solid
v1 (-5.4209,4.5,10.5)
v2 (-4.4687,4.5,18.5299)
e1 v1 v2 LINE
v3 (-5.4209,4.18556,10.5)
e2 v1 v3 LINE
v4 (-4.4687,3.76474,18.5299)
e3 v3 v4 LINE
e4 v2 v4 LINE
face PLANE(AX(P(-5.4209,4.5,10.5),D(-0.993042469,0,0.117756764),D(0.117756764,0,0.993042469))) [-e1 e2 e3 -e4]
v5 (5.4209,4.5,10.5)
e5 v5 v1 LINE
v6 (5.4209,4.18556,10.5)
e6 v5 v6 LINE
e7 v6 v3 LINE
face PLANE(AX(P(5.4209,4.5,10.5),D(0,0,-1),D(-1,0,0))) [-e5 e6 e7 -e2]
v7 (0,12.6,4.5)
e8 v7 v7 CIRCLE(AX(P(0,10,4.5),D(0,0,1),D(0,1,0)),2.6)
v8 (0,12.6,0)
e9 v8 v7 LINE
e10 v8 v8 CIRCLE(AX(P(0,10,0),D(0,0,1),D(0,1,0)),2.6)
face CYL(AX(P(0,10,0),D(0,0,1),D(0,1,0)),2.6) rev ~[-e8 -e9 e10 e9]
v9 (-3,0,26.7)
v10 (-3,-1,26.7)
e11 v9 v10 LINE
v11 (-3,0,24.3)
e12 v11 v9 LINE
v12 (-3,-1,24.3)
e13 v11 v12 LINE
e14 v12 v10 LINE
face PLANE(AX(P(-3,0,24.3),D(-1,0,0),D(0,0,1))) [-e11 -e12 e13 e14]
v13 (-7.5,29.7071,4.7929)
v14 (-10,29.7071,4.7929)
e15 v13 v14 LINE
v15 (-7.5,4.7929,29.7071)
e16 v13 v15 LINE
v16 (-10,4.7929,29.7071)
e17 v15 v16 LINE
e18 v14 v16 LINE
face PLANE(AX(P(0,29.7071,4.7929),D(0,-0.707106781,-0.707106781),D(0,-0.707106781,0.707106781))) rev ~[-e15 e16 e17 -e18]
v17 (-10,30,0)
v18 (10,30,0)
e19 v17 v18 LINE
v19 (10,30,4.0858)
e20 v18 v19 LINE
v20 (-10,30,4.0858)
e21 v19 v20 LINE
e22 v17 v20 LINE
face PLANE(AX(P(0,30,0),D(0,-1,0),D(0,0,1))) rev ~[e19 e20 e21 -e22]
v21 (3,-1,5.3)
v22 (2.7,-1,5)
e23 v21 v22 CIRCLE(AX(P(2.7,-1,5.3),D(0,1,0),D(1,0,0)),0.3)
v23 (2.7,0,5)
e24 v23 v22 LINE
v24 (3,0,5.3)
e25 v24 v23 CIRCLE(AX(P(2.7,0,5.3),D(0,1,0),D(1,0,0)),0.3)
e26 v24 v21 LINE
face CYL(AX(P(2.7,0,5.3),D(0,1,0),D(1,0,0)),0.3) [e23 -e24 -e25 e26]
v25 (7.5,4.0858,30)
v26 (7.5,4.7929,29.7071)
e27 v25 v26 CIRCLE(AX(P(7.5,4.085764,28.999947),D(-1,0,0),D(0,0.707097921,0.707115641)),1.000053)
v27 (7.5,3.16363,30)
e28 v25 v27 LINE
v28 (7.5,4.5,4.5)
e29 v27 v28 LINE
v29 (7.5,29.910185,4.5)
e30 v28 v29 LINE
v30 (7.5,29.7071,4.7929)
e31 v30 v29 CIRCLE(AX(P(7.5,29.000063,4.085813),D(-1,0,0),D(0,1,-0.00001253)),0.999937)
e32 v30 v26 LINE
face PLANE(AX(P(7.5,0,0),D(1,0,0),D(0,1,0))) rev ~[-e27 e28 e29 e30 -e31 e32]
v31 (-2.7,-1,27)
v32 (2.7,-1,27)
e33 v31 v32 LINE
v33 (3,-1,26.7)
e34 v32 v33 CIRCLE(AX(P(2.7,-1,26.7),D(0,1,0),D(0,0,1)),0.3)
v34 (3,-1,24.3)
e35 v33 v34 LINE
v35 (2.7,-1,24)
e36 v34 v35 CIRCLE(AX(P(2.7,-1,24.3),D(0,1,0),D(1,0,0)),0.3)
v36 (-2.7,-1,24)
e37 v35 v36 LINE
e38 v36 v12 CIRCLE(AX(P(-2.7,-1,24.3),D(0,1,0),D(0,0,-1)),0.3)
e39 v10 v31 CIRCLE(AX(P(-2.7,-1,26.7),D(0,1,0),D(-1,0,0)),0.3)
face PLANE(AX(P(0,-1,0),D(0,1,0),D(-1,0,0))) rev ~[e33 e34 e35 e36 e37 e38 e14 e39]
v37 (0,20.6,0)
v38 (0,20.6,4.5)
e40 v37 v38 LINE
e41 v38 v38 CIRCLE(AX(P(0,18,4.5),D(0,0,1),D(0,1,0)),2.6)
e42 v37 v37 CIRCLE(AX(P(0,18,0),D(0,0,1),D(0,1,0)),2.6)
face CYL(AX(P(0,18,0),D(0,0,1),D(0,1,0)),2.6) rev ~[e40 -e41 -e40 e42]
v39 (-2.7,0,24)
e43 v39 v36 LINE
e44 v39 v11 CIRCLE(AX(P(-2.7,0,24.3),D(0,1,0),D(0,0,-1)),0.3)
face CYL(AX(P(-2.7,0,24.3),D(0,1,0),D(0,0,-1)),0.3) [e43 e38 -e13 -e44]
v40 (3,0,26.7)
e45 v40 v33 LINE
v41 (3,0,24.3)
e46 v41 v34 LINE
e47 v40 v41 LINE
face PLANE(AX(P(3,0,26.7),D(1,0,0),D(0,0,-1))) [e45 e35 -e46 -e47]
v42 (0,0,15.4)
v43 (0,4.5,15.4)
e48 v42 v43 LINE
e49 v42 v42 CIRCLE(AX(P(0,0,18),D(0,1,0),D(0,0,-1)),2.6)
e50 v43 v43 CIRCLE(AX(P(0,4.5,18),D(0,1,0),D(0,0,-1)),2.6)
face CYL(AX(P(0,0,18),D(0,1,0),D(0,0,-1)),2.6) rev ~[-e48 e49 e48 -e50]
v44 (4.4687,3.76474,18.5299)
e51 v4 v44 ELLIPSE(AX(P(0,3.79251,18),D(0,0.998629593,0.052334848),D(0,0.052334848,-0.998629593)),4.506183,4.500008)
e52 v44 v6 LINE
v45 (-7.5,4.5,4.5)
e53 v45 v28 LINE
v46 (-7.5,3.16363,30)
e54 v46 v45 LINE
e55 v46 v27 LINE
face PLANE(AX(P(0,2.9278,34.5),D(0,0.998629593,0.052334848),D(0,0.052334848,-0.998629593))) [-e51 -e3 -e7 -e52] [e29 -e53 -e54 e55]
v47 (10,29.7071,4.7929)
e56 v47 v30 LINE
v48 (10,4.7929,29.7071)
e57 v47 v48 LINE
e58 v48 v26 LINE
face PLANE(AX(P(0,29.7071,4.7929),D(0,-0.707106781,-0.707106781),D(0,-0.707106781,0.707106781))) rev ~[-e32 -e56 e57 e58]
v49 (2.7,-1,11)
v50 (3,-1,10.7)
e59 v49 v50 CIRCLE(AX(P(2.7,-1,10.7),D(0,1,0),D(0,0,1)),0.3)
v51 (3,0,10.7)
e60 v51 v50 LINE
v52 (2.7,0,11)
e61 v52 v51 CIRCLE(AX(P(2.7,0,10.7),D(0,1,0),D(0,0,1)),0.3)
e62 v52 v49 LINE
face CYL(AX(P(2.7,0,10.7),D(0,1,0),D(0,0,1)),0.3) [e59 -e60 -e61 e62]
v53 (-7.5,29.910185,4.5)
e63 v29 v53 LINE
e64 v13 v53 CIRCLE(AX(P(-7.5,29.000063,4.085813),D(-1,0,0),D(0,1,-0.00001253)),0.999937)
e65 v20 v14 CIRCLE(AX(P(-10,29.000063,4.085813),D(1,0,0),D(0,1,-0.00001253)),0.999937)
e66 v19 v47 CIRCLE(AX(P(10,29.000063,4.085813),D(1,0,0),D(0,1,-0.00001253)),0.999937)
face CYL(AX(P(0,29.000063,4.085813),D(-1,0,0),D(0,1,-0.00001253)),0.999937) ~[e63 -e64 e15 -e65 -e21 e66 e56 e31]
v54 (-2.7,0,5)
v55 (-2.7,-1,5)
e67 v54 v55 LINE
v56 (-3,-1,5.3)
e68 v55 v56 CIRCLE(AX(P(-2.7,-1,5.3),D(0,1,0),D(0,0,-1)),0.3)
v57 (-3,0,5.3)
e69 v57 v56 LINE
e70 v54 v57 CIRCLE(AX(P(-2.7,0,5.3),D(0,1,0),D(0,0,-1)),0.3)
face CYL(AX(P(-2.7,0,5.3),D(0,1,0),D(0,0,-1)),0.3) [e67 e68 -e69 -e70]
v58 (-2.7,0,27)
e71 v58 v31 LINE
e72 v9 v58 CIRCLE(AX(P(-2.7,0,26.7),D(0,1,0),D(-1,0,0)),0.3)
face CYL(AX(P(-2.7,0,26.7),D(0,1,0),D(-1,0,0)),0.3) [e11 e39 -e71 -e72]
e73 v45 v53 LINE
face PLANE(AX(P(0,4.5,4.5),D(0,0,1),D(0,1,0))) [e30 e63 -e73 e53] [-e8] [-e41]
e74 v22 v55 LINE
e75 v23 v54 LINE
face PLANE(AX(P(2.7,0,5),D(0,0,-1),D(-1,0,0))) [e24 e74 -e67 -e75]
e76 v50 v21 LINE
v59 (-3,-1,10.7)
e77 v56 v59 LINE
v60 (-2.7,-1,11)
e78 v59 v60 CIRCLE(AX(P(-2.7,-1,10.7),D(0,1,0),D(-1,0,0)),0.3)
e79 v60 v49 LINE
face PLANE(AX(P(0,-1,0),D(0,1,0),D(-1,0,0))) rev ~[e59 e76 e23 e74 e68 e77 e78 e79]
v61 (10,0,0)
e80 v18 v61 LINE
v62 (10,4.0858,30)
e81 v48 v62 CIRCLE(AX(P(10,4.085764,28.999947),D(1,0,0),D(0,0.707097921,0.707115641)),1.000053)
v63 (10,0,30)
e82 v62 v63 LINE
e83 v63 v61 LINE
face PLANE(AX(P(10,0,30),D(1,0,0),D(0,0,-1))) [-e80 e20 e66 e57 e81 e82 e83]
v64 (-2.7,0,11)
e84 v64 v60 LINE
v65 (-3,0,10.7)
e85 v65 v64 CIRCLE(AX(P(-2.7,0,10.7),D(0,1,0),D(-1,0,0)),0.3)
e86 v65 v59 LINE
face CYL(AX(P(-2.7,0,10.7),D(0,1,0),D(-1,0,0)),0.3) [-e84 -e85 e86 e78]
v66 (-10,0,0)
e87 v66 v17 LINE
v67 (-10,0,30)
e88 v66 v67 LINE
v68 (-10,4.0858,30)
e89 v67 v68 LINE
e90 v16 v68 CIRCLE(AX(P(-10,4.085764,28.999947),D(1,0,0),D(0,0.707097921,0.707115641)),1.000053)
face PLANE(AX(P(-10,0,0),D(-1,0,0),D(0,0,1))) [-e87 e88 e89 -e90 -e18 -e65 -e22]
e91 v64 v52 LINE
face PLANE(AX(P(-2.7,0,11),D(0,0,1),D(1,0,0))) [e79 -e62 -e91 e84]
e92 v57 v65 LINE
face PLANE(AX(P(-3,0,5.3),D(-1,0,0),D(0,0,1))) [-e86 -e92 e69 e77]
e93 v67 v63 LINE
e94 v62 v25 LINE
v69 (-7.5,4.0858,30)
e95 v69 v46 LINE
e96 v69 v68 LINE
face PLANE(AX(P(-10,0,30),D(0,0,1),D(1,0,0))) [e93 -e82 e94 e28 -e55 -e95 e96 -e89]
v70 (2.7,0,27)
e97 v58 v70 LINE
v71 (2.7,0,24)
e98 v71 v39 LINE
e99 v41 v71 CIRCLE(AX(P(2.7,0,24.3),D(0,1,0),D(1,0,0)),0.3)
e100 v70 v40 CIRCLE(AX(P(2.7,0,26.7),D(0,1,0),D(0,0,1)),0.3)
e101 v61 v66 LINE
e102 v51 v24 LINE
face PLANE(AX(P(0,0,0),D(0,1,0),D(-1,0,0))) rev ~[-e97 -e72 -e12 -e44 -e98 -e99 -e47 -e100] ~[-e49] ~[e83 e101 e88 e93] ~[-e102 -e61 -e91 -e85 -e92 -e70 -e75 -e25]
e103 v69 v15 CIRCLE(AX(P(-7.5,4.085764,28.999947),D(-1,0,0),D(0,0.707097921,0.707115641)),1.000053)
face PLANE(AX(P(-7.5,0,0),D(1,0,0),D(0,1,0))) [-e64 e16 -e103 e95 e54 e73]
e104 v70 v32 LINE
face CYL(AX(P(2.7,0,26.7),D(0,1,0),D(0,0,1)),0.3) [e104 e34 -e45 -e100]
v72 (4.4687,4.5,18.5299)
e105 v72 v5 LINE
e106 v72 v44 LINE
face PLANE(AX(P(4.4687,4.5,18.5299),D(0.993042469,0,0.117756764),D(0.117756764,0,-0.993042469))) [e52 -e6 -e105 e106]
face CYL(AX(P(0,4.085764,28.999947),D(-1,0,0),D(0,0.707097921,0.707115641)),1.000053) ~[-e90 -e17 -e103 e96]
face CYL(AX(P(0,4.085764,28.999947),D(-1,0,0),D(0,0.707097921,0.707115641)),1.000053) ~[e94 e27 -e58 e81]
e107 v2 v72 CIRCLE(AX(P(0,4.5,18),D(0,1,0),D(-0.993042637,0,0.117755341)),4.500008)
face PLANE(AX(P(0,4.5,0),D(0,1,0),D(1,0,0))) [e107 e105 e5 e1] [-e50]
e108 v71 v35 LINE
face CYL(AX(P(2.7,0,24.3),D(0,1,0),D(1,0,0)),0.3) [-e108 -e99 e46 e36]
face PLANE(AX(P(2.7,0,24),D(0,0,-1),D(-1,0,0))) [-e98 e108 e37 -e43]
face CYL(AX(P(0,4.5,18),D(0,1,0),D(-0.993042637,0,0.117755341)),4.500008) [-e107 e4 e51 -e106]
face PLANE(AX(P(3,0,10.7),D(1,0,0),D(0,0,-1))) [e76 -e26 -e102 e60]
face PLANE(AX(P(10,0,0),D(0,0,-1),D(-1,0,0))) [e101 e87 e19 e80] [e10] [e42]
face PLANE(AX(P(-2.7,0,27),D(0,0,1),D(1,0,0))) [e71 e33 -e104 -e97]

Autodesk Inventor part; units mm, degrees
sketch "Sketch_15" plane through (0, 0, 0) normal (1, 0, 0) x (0, 1, 0)
  line L0 (0, 30) -> (0, 0)
  line L1 (0, 0) -> (30, 0)
  line L2 (30, 0) -> (30, 4.0858)
  arc A0 (30, 4.0858) -> (29.7071, 4.7929) centre (29, 4.0858) ccw
  line L3 (29.7071, 4.7929) -> (4.7929, 29.7071)
  arc A1 (4.7929, 29.7071) -> (4.0858, 30) centre (4.0858, 29) ccw
  line L4 (4.0858, 30) -> (0, 30)
extrude "Extrusion1" add sketch "Sketch_15" along normal mid plane 20
sketch "Sketch_16" plane through (0, 0, 0) normal (1, 0, 0) x (0, 1, 0)
  line L0 (2.9278, 34.5) -> (4.5, 4.5)
  line L1 (4.5, 4.5) -> (34.5, 4.5)
  line L2 (34.5, 4.5) -> (34.5, 34.5)
  line L3 (34.5, 34.5) -> (2.9278, 34.5)
extrude "Extrusion2" cut sketch "Sketch_16" along normal mid plane 15
sketch "Sketch_17" plane through (0, 4.5, 0) normal (0, 1, 0) x (1, 0, 0)
  line L0 (-5.4209, -10.5) -> (-4.4687, -18.5299)
  arc A0 (-4.4687, -18.5299) -> (4.4687, -18.5299) centre (0, -18) ccw
  line L1 (4.4687, -18.5299) -> (5.4209, -10.5)
  line L2 (5.4209, -10.5) -> (-5.4209, -10.5)
extrude "Extrusion3" add sketch "Sketch_17" against normal blind 2.25
sketch "Sketch4" plane through (10, 0, 0) normal (0, 0, -1) x (-1, 0, 0)
  point P0 (10, 18)
hole "Hole1" at (0, 18, 0) direction (0, 0, 1) diameter 5.2 depth 4.5
sketch "Sketch5" plane through (10, 0, 0) normal (0, 0, -1) x (-1, 0, 0)
  point P0 (10, 10)
hole "Hole2" at (0, 10, 0) direction (0, 0, 1) diameter 5.2 depth 4.5
sketch "Sketch6" plane through (-10, 0, 30) normal (0, -1, 0) x (1, 0, 0)
  point P0 (10, -12)
hole "Hole3" at (0, 0, 18) direction (0, 1, 0) diameter 5.2 depth 4.5
sketch "Sketch_1" plane through (0, 0, 0) normal (0, 1, 0) x (-1, 0, 0)
  line L0 (10, 0) -> (10, 30)
  line L1 (10, 30) -> (-10, 30)
  line L2 (-10, 30) -> (-10, 0)
  line L3 (-10, 0) -> (10, 0)
extrude "Extrusion4" add sketch "Sketch_1" against normal blind 1
sketch "Sketch_4" plane through (0, 0, 0) normal (0, 1, 0) x (-1, 0, 0)
  line L0 (10, 0) -> (10, 30)
  line L1 (10, 30) -> (-10, 30)
  line L2 (-10, 30) -> (-10, 0)
  line L3 (-10, 0) -> (10, 0)
  arc A0 (3, 10.7) -> (2.7, 11) centre (2.7, 10.7) ccw
  line L4 (2.7, 11) -> (-2.7, 11)
  arc A1 (-2.7, 11) -> (-3, 10.7) centre (-2.7, 10.7) ccw
  line L5 (-3, 10.7) -> (-3, 5.3)
  arc A2 (-3, 5.3) -> (-2.7, 5) centre (-2.7, 5.3) ccw
  line L6 (-2.7, 5) -> (2.7, 5)
  arc A3 (2.7, 5) -> (3, 5.3) centre (2.7, 5.3) ccw
  line L7 (3, 5.3) -> (3, 10.7)
  arc A4 (3, 26.7) -> (2.7, 27) centre (2.7, 26.7) ccw
  line L8 (2.7, 27) -> (-2.7, 27)
  arc A5 (-2.7, 27) -> (-3, 26.7) centre (-2.7, 26.7) ccw
  line L9 (-3, 26.7) -> (-3, 24.3)
  arc A6 (-3, 24.3) -> (-2.7, 24) centre (-2.7, 24.3) ccw
  line L10 (-2.7, 24) -> (2.7, 24)
  arc A7 (2.7, 24) -> (3, 24.3) centre (2.7, 24.3) ccw
  line L11 (3, 24.3) -> (3, 26.7)
extrude "Extrusion5" cut sketch "Sketch_4" against normal blind 1
ref_plane "bracket_to_bolt_XY" through (1, 10, 0) normal (0, 0, 1) x (1, 0, 0)
ref_plane "bracket_to_bolt_YZ" through (1, 10, 0) normal (1, 0, 0) x (0, 1, 0)
ref_plane "bracket_to_bolt_ZX" through (1, 10, 0) normal (0, 1, 0) x (0, 0, 1)
ref_plane "bracket_to_dummy_XY" through (0, 0, 0) normal (0, 1, 0) x (1, 0, 0)
ref_plane "bracket_to_dummy_YZ" through (0, 0, 0) normal (1, 0, 0) x (0, 0, -1)
ref_plane "bracket_to_dummy_ZX" through (0, 0, 0) normal (0, 0, -1) x (0, 1, 0)
ref_plane "to_bolt_4_7_base_XY" through (0, 4.5, 18) normal (0, 1, 0) x (1, 0, 0)
ref_plane "to_bolt_4_7_base_YZ" through (0, 4.5, 18) normal (1, 0, 0) x (0, 0, -1)
ref_plane "to_bolt_4_7_base_ZX" through (0, 4.5, 18) normal (0, 0, -1) x (0, 1, 0)
ref_plane "to_bolt_row_4_to_7_XY" through (0, 18, 4.5) normal (0, 0, 1) x (1, 0, 0)
ref_plane "to_bolt_row_4_to_7_YZ" through (0, 18, 4.5) normal (1, 0, 0) x (0, 1, 0)
ref_plane "to_bolt_row_4_to_7_ZX" through (0, 18, 4.5) normal (0, 1, 0) x (0, 0, 1)
ref_plane "to_nut_base_4_7_XY" through (0, -2, 18) normal (0, 1, 0) x (1, 0, 0)
ref_plane "to_nut_base_4_7_YZ" through (0, -2, 18) normal (1, 0, 0) x (0, 0, -1)
ref_plane "to_nut_base_4_7_ZX" through (0, -2, 18) normal (0, 0, -1) x (0, 1, 0)
ref_plane "to_nut_row_4_to_7_XY" through (0, 18, -2) normal (0, 0, 1) x (1, 0, 0)
ref_plane "to_nut_row_4_to_7_YZ" through (0, 18, -2) normal (1, 0, 0) x (0, 1, 0)
ref_plane "to_nut_row_4_to_7_ZX" through (0, 18, -2) normal (0, 1, 0) x (0, 0, 1)
properties part number "HBLFSNK5hblfsn5" material "アルミニウム 6061"
